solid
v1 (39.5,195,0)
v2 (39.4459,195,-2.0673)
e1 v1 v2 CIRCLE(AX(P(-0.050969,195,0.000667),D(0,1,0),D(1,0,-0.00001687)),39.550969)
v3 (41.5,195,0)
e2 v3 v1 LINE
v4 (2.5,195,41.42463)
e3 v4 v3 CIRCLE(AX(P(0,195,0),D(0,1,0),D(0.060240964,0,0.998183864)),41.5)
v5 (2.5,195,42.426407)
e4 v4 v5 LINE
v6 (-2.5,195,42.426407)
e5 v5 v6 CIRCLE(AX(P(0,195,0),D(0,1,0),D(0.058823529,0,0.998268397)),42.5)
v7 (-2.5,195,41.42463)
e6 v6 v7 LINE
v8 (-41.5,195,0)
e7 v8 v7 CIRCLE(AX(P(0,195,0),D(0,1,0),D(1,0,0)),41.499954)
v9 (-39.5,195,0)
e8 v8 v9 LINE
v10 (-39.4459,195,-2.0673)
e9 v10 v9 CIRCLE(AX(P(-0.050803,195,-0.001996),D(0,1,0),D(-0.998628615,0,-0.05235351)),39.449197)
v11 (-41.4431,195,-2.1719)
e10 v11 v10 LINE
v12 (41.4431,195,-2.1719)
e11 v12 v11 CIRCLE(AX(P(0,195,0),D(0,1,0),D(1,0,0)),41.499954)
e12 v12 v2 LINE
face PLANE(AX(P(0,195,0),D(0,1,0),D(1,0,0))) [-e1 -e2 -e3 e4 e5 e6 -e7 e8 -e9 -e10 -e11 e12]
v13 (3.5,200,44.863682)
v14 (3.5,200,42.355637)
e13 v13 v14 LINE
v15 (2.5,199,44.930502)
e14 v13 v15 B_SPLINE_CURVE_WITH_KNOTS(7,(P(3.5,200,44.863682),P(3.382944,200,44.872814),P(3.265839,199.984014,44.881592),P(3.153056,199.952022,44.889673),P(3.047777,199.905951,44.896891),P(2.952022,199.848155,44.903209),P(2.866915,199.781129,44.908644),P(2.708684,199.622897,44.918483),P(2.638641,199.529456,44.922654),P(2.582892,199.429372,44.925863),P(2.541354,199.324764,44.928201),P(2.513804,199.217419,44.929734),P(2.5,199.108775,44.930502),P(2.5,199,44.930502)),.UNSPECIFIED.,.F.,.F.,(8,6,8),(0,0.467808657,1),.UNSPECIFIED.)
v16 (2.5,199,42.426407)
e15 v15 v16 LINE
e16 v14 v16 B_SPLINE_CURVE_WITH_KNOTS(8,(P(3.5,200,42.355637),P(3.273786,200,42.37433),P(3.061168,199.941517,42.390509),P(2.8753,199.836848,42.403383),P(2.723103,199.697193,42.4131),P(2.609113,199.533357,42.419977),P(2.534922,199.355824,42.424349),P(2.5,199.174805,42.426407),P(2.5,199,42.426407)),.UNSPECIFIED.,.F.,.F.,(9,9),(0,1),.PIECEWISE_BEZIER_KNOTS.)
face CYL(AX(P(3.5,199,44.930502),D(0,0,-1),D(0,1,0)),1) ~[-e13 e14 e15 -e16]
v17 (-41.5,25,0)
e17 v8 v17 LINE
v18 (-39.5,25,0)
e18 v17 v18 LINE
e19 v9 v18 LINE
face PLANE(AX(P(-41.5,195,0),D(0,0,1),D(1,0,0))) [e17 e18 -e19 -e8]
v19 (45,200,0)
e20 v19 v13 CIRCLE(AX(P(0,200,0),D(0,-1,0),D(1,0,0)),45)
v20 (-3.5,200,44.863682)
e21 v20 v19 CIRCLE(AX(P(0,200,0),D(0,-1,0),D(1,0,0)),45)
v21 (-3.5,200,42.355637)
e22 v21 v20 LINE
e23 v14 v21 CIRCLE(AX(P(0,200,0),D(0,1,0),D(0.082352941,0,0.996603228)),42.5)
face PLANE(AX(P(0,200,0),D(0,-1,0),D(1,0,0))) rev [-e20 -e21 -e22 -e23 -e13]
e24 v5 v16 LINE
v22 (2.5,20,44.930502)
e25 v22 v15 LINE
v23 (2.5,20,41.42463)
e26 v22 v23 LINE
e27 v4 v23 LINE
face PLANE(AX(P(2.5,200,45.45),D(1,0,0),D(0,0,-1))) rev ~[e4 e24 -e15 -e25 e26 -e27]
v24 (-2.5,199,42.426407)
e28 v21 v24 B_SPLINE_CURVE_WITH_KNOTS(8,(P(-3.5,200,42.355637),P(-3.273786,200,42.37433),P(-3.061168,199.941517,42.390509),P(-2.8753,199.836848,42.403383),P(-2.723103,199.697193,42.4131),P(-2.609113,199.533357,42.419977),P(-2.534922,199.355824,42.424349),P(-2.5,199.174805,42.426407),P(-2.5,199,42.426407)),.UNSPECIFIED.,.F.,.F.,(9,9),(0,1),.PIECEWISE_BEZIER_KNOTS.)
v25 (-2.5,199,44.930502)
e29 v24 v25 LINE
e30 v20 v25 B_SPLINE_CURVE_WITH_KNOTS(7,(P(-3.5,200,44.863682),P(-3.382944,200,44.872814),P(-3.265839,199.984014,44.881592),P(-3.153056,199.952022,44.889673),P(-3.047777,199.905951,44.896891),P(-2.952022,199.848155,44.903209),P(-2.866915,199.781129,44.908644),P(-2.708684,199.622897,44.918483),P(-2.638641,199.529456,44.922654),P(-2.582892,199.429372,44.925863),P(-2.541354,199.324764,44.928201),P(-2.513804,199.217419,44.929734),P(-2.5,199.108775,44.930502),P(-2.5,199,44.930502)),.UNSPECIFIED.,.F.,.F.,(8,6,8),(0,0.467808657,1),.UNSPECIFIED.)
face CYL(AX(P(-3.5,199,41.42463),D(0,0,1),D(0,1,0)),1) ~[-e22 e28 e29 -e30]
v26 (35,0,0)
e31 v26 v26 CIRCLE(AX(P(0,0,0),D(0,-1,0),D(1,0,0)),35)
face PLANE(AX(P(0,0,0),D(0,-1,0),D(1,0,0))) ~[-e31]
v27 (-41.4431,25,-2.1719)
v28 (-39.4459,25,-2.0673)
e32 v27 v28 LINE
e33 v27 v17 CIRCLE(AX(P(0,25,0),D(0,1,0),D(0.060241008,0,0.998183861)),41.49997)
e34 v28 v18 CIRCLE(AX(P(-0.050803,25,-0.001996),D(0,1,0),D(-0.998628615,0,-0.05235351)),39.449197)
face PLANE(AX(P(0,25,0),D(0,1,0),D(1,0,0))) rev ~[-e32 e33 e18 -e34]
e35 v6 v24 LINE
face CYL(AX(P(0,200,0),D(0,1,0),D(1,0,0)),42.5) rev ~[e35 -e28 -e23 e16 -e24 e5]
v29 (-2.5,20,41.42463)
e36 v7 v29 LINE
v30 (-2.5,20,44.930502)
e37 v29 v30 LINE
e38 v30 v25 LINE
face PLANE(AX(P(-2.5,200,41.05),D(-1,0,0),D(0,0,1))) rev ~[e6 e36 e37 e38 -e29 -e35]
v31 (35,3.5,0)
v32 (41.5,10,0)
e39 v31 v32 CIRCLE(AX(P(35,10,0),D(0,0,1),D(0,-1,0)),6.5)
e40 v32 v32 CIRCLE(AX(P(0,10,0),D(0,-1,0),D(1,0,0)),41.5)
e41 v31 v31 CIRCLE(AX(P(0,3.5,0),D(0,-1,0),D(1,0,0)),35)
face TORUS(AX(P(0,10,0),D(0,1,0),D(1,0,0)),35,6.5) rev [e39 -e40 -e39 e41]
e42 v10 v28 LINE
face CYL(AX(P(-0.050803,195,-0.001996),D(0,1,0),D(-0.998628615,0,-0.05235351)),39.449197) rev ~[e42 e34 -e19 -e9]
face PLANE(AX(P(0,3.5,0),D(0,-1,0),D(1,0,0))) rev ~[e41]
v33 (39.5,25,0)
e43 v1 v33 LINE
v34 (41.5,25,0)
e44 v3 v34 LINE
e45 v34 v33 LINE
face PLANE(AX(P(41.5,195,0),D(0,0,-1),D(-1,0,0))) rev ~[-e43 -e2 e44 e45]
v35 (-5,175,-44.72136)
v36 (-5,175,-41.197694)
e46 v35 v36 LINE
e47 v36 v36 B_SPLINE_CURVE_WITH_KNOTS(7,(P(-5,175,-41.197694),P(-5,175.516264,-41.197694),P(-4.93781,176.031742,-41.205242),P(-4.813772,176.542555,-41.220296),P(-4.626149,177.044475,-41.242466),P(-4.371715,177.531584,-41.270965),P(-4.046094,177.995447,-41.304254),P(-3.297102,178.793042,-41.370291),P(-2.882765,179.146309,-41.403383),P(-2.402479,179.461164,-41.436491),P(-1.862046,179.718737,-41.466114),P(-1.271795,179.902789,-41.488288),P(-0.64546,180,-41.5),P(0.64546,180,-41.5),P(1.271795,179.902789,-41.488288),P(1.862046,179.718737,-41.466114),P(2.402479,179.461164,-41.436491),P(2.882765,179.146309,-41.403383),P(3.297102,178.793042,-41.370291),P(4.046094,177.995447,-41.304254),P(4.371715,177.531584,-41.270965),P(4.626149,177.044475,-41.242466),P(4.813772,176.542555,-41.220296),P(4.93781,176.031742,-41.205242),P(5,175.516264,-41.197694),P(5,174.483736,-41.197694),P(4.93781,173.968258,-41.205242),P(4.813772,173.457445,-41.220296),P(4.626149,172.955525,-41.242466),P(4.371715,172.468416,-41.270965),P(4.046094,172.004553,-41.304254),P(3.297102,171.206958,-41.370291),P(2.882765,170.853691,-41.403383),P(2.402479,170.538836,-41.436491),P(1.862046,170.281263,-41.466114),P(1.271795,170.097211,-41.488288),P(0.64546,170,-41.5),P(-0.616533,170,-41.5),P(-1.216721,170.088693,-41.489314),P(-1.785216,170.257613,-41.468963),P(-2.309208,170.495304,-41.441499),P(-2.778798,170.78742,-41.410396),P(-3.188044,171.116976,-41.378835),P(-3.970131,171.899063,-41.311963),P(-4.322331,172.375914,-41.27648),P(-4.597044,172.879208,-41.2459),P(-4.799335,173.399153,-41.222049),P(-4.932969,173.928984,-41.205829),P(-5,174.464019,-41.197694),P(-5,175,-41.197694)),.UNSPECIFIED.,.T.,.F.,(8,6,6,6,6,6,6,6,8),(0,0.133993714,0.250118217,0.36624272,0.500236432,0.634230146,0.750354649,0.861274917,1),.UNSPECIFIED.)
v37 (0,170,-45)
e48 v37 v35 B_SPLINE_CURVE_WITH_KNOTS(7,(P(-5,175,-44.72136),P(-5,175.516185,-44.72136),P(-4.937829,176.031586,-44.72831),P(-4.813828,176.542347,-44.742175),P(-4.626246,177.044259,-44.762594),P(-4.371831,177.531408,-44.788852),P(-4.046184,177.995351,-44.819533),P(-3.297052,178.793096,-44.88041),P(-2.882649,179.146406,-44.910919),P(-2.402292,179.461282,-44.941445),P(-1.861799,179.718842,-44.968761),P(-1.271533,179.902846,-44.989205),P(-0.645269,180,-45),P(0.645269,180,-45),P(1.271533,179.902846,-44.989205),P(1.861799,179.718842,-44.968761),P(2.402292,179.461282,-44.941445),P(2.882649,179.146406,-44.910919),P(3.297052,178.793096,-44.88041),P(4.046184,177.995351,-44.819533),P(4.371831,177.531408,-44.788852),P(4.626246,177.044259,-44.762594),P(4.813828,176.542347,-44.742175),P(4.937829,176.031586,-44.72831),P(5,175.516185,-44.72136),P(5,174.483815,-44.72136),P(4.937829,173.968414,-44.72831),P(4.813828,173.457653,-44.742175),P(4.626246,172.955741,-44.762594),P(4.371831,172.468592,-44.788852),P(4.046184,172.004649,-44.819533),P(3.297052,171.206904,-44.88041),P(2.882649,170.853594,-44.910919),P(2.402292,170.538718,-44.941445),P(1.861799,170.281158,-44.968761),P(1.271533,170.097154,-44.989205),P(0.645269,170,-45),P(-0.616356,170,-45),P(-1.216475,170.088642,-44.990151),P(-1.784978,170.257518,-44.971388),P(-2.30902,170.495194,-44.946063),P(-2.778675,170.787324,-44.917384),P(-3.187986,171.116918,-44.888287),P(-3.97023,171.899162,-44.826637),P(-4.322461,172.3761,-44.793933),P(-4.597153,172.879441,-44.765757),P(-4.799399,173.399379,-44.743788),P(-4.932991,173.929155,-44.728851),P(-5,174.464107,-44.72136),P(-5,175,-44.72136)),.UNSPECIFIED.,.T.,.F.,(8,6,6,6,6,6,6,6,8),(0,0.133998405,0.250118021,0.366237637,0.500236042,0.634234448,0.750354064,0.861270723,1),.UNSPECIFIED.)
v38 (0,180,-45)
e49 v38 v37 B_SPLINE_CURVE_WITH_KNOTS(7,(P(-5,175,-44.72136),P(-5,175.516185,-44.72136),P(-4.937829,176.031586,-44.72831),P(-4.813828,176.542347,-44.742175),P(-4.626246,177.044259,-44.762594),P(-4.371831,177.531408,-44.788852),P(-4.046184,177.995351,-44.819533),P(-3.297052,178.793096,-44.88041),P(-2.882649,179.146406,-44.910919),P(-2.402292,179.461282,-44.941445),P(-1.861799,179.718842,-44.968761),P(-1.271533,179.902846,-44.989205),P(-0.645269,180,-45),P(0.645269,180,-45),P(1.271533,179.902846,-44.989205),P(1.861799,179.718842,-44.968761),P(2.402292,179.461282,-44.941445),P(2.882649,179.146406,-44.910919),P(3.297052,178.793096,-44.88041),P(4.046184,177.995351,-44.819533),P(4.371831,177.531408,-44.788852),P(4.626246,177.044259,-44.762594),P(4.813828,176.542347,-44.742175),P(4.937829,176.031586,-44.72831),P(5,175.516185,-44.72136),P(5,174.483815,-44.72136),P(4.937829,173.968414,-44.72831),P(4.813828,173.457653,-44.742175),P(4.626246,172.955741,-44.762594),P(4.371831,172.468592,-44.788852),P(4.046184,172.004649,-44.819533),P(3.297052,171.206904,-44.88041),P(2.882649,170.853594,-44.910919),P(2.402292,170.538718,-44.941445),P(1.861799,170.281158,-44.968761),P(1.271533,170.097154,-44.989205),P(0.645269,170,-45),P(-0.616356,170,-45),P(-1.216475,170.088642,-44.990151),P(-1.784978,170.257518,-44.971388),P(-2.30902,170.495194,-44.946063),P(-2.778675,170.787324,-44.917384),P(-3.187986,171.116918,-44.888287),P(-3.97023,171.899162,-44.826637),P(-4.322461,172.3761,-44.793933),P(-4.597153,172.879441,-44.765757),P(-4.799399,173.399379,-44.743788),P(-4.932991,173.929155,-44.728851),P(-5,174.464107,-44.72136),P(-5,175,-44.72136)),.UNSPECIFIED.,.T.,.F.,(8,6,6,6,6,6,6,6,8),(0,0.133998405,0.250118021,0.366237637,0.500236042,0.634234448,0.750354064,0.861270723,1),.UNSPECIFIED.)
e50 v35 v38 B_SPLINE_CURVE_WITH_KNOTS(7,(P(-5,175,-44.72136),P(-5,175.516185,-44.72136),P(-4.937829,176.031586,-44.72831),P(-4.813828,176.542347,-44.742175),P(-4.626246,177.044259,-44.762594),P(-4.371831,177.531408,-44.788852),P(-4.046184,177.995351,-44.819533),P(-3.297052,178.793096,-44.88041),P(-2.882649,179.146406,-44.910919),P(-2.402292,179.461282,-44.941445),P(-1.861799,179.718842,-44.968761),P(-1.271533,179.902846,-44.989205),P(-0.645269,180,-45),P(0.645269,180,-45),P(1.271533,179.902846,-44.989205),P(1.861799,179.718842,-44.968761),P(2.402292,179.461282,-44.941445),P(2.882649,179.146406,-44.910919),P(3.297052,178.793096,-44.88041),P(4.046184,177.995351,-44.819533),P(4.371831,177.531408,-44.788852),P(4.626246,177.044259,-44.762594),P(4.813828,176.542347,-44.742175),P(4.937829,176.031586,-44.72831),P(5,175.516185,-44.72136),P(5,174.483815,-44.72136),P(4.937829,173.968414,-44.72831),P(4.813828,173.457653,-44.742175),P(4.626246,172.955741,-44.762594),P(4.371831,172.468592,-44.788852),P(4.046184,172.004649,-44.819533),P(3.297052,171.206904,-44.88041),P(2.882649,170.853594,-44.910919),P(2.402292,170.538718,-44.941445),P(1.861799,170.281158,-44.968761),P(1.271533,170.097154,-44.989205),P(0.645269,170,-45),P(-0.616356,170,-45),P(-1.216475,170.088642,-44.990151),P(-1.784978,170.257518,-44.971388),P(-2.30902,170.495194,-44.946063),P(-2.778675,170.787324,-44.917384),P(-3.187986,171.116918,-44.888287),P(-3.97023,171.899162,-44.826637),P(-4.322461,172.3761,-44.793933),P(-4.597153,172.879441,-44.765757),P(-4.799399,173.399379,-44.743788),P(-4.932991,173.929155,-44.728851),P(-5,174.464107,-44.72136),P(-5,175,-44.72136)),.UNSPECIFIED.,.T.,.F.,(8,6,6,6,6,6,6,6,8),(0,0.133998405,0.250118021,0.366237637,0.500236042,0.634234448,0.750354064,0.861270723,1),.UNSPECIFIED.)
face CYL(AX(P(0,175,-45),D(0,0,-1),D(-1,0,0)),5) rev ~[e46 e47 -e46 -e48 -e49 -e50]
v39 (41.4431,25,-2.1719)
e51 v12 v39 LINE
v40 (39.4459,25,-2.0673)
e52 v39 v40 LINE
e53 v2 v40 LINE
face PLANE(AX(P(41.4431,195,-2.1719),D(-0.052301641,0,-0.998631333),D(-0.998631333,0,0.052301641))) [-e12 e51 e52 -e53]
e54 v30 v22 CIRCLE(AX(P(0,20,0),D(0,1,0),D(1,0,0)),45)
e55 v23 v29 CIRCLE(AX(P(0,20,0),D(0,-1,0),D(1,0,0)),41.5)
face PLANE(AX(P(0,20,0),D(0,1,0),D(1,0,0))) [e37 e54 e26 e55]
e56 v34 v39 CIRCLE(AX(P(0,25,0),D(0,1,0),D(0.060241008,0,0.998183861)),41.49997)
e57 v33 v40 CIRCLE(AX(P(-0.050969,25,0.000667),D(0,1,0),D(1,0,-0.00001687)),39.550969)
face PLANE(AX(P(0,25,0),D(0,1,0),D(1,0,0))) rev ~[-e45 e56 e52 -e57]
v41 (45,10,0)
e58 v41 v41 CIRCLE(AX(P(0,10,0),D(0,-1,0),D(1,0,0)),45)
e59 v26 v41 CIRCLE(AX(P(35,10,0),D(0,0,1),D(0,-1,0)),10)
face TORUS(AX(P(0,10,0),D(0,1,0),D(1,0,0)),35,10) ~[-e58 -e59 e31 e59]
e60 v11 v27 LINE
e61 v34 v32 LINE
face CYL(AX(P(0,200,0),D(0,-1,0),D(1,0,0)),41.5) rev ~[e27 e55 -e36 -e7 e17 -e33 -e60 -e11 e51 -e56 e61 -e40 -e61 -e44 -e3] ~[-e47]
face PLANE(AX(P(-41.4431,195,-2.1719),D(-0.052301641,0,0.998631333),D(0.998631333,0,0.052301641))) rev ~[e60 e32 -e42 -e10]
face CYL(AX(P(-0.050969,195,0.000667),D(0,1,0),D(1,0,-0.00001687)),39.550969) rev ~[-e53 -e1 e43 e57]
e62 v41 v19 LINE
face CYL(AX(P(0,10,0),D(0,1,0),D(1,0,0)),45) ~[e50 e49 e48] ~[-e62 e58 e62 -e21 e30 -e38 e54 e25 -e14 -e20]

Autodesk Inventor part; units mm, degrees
ref_plane "YZ Plane" through (0, 0, 0) normal (1, 0, 0) x (0, 1, 0)
ref_plane "XZ Plane" through (0, 0, 0) normal (0, 1, 0) x (-1, 0, 0)
sketch "Sketch1" plane through (0, 0, 0) normal (0, 0, 1) x (1, 0, 0)
  line L0 (0, 0) -> (35, 0)
  line L1 (45, 10) -> (45, 200)
  line L2 (0, 200) -> (0, 0)
  arc A0 (35, 0) -> (45, 10) centre (35, 10) ccw
  line L3 (41.5, 200) -> (41.5, 10)
  arc A1 (35, 3.5) -> (41.5, 10) centre (35, 10) ccw
  line L4 (35, 3.5) -> (0, 3.5)
  line L5 (41.5, 200) -> (45, 200)
  line L6 (0, 3.5) -> (0, 0)
  point P0 (45, 0)
  dimension "d0" = 90
  dimension "d1" = 200
  dimension "d2" = 10
  dimension "d5" = 3.5
  dimension "d6" = 3.5
revolve "Revolution1" add sketch "Sketch1" angle 360 about axis through (0, 200, 0) along (0, -1, 0)
sketch "Sketch2" plane through (0, 200, 0) normal (0, 1, 0) x (1, 0, 0)
  circle A0 centre (0, 0) radius 45 construction
  line L0 (0, 45) -> (0, -45) construction
  line L1 (-45, 0) -> (45, 0) construction
  circle A1 centre (0, 0) radius 45 construction
  circle A2 centre (0, 0) radius 41.5 construction
  circle A3 centre (0, 0) radius 41.5 construction
  circle A4 centre (0, 0) radius 45 construction
  line L2 (0, -41.5) -> (0, -45) construction
  line L3 (-2.5, -45.45) -> (2.5, -45.45)
  line L4 (2.5, -45.45) -> (2.5, -41.05)
  line L5 (2.5, -41.05) -> (-2.5, -41.05)
  line L6 (-2.5, -41.05) -> (-2.5, -45.45)
  line L7 (-2.5, -45.45) -> (2.5, -41.05) construction
  line L8 (2.5, -45.45) -> (-2.5, -41.05) construction
  point P0 (0, -43.25)
  dimension "d8" = 5
  dimension "d9" = 4.4
extrude "Extrusion1" cut sketch "Sketch2" against normal blind 180
fillet "Fillet1" radius 1 2 edges at (-2.5, 200, 43.1776) (2.5, 200, 43.1776)
sketch "Sketch3" plane through (0, 200, 0) normal (0, 1, 0) x (1, 0, 0)
  arc A0 (3.5, -41.3521) -> (-3.5, -41.3521) centre (0, 0) ccw projected
  circle A1 centre (0, 0) radius 42.5
  circle A2 centre (0, 0) radius 41.5
  point P0 (3.5, -41.3521)
  point P1 (-3.5, -41.3521)
  dimension "d13" = 85
extrude "Extrusion2" cut sketch "Sketch3" against normal blind 5
ref_plane "Work Plane1" through (0, 200, -45) normal (0, 0, -1) x (-1, 0, 0)
sketch "Sketch4" plane through (0, 200, -45) normal (0, 0, -1) x (-1, 0, 0)
  line L0 (-45, 0) -> (45, 0) construction
  line L1 (0, 0) -> (0, -25) construction
  circle A0 centre (0, -25) radius 5
  point P0 (0, -200)
  point P1 (3.5, 0)
  point P2 (-3.5, 0)
  dimension "d16" = 25
  dimension "d17" = 10
extrude "Extrusion3" cut sketch "Sketch4" against normal up to surface
sketch "Sketch5" plane through (0, 195, 0) normal (0, 1, 0) x (1, 0, 0)
  line L0 (2.5, -42.4264) -> (2.5, -41.4246) construction
  arc A0 (2.5, -42.4264) -> (-2.5, -42.4264) centre (0, 0) ccw construction
  line L1 (-2.5, -41.4246) -> (-2.5, -42.4264) construction
  arc A1 (2.5, -41.4246) -> (-2.5, -41.4246) centre (0, 0) ccw projected
  arc A2 (2.5, -41.4246) -> (-2.5, -41.4246) centre (0, 0) ccw construction
  line L2 (41.5, 0) -> (-41.5, 0) construction
  line L3 (41.5, 0) -> (39.5, 0)
  arc A3 (39.5, 0) -> (39.4459, 2.0673) centre (0, 0) ccw
  line L4 (41.5, 0) -> (39.5, 0)
  line L5 (0, 0) -> (41.5, 0) construction
  line L6 (0, 0) -> (41.4431, 2.1719) construction
  line L7 (41.4431, 2.1719) -> (39.4459, 2.0673)
  line L8 (0, 41.5) -> (0, -41.5) construction
  arc A4 (41.5, 0) -> (41.4431, 2.1719) centre (0, 0) ccw
  arc A5 (-2.5, -41.4246) -> (2.5, -41.4246) centre (0, 0) ccw
  line L9 (-41.5, 0) -> (-39.5, 0)
  arc A6 (-39.4459, 2.0673) -> (-39.5, 0) centre (0, 0) ccw
  line L10 (-41.4431, 2.1719) -> (-39.4459, 2.0673)
  arc A7 (-41.4431, 2.1719) -> (-41.5, 0) centre (0, 0) ccw
  point P0 (-41.5, 0)
  dimension "d20" = 2
  dimension "d21" = 3
extrude "Extrusion4" add sketch "Sketch5" against normal blind 170 contours L3 A3 L7 A1 | A1 L10 A6 L9
properties part number "_3DPrint"
